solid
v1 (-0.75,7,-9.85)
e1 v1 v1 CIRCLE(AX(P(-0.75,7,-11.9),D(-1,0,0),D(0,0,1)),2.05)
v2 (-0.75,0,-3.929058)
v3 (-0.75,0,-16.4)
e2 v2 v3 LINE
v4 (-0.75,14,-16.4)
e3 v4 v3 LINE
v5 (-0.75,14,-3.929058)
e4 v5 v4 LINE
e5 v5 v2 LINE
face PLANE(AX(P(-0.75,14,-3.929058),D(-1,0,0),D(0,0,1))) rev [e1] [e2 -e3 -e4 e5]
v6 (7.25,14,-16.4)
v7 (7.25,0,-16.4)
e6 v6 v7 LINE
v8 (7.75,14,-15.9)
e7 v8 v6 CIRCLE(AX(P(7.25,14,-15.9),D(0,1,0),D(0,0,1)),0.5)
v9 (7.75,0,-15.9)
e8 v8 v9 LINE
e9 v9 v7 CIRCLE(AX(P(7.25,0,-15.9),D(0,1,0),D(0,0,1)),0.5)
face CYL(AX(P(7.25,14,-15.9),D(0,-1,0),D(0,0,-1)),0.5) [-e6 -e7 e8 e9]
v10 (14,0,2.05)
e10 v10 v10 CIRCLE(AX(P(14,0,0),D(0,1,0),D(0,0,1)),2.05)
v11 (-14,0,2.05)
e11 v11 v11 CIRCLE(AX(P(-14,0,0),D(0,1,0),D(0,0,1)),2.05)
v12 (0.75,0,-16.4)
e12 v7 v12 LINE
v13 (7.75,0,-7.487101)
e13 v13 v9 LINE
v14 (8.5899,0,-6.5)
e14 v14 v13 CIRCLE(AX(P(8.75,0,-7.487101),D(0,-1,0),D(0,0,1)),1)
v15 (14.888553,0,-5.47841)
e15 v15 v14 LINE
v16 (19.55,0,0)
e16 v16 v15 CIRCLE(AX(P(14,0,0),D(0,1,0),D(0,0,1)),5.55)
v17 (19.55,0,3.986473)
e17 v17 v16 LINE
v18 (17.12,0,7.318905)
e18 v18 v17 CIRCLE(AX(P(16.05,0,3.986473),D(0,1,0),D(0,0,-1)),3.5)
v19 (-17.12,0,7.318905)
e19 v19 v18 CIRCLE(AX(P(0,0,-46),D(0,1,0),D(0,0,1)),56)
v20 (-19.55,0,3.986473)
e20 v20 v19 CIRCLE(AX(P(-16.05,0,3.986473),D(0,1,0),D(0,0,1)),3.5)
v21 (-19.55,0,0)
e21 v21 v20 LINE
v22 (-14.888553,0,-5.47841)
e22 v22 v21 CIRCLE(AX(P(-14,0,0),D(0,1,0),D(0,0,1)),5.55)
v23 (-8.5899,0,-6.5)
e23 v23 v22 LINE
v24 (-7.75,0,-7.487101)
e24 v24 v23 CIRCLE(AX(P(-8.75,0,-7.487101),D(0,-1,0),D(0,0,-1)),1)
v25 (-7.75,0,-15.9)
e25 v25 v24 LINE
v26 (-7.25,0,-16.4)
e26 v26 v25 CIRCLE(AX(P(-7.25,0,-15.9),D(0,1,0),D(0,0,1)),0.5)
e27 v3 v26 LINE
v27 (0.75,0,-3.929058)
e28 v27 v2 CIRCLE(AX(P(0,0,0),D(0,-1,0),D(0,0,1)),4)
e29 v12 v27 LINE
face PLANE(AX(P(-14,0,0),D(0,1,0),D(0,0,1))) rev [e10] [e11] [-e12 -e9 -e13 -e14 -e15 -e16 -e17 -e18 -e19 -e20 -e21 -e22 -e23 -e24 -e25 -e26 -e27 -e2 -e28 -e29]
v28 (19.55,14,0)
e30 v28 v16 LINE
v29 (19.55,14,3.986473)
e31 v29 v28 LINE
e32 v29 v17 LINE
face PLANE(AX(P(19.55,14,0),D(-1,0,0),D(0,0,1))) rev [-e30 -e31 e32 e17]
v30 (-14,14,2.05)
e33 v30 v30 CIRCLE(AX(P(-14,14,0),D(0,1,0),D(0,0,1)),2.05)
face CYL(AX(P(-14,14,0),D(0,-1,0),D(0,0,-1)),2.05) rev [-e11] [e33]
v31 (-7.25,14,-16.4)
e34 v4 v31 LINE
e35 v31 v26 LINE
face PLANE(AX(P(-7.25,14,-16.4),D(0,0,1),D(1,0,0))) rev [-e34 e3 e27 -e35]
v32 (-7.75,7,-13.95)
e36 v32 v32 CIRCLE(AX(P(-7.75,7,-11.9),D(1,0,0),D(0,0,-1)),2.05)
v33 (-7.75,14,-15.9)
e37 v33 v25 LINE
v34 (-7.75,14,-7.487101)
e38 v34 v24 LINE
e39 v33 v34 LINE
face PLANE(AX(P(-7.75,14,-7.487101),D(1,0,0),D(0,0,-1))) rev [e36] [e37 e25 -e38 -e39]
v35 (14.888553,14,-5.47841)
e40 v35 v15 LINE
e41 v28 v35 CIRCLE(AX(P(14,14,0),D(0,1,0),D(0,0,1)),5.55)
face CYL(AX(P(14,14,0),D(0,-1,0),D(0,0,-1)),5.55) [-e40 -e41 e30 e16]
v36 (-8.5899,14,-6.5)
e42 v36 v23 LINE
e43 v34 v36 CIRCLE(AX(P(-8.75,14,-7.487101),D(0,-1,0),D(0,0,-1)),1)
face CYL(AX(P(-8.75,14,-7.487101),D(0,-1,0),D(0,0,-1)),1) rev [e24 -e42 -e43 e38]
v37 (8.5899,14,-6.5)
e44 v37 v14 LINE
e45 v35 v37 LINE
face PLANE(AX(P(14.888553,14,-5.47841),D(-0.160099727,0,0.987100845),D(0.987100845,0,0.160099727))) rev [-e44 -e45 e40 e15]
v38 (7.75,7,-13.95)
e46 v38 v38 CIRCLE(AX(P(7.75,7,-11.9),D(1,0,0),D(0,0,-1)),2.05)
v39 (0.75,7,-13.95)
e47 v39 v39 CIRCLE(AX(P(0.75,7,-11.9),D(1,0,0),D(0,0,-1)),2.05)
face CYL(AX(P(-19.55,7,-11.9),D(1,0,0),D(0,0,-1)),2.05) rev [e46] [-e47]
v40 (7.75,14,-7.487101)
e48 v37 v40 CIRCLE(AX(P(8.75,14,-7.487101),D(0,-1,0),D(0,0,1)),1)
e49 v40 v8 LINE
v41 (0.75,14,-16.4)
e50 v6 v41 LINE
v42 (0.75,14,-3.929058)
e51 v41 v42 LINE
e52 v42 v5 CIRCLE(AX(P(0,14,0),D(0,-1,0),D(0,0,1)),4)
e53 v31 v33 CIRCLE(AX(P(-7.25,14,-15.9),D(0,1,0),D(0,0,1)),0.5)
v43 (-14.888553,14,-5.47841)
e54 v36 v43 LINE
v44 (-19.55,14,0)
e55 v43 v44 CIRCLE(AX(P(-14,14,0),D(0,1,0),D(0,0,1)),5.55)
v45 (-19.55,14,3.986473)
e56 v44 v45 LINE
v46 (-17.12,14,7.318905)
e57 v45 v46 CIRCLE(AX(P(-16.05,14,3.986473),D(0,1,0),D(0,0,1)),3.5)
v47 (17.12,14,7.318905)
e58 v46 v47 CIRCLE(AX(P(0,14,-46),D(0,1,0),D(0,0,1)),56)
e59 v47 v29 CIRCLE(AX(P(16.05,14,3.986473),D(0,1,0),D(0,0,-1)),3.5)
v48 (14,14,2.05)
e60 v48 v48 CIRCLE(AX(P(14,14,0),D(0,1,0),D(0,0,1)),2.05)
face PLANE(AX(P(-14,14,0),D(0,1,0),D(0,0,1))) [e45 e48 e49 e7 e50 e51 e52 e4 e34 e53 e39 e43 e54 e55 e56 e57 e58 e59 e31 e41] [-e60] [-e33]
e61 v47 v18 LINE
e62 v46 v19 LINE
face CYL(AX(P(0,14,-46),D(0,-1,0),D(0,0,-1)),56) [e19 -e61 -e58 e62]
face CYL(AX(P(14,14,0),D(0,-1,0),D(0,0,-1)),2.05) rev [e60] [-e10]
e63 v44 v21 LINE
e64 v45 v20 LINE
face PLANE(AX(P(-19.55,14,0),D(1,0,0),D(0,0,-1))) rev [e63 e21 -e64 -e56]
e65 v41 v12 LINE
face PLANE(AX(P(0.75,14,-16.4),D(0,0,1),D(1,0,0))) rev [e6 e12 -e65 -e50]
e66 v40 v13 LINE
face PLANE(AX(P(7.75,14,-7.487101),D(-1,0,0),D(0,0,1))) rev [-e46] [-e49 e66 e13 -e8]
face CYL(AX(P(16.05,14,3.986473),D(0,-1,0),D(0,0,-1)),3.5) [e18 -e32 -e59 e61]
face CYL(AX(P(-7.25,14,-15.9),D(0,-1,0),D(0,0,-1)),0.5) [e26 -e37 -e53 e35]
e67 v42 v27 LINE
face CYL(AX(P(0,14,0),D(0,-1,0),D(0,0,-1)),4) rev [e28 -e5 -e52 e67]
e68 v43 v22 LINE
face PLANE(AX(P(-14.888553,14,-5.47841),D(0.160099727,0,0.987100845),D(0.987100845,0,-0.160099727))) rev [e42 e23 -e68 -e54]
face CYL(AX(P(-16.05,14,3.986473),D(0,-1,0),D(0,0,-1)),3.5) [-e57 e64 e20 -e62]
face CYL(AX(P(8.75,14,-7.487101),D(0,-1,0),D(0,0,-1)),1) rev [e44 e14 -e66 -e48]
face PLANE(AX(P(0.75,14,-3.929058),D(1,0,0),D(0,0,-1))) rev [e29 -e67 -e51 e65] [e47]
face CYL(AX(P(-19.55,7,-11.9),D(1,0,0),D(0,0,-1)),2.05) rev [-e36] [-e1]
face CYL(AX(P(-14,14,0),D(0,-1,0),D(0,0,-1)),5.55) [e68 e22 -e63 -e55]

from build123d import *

# Parameters (mm, degrees)
SKETCH1_R           = 2.05
BOSS_EXTRUDE1_DEPTH = 14
SKETCH2_R           = 2.05
CUT_EXTRUDE1_DEPTH  = 28.3


with BuildPart() as part:
    # Sketch1 → Boss-Extrude1 (new body)
    with BuildSketch(Plane(origin=(0, 0, 0), x_dir=(1, 0, 0), z_dir=(0, 1, 0))):
        with BuildLine():
            Line((-19.55, 0), (-19.55, -3.98647317))
            ThreePointArc((-19.55, -3.98647317), (-18.877985148, -6.048632233), (-17.12, -7.318904715))
            ThreePointArc((-17.12, -7.318904715), (0, -10), (17.12, -7.318904715))
            ThreePointArc((17.12, -7.318904715), (18.877985148, -6.048632233), (19.55, -3.98647317))
            Line((19.55, -3.98647317), (19.55, 0))
            ThreePointArc((19.55, 0), (18.22693576, 3.59659757), (14.888553485, 5.478409687))
            Line((14.888553485, 5.478409687), (8.589900273, 6.5))
            ThreePointArc((8.589900273, 6.5), (7.988389953, 6.839065246), (7.75, 7.487100845))
            Line((7.75, 7.487100845), (7.75, 15.9))
            ThreePointArc((7.75, 15.9), (7.603553391, 16.253553391), (7.25, 16.4))
            Line((7.25, 16.4), (0.75, 16.4))
            Line((0.75, 16.4), (0.75, 3.929058411))
            ThreePointArc((0.75, 3.929058411), (0, -4), (-0.75, 3.929058411))
            Line((-0.75, 3.929058411), (-0.75, 16.4))
            Line((-0.75, 16.4), (-7.25, 16.4))
            ThreePointArc((-7.25, 16.4), (-7.603553391, 16.253553391), (-7.75, 15.9))
            Line((-7.75, 15.9), (-7.75, 7.487100845))
            ThreePointArc((-7.75, 7.487100845), (-7.988389953, 6.839065246), (-8.589900273, 6.5))
            Line((-8.589900273, 6.5), (-14.888553485, 5.478409687))
            ThreePointArc((-14.888553485, 5.478409687), (-18.22693576, 3.59659757), (-19.55, 0))
        make_face()
        with Locations((-14, 0)):
            Circle(SKETCH1_R, mode=Mode.SUBTRACT)
        with Locations((14, 0)):
            Circle(SKETCH1_R, mode=Mode.SUBTRACT)
    extrude(amount=BOSS_EXTRUDE1_DEPTH)

    # Sketch2 → Cut-Extrude1 (cut, through all)
    with BuildSketch(Plane(origin=(7.75, 0, 0), x_dir=(0, 0, -1), z_dir=(1, 0, 0))):
        with Locations((11.9, 7)):
            Circle(SKETCH2_R)
    extrude(amount=-CUT_EXTRUDE1_DEPTH, mode=Mode.SUBTRACT)


solid = part.part
